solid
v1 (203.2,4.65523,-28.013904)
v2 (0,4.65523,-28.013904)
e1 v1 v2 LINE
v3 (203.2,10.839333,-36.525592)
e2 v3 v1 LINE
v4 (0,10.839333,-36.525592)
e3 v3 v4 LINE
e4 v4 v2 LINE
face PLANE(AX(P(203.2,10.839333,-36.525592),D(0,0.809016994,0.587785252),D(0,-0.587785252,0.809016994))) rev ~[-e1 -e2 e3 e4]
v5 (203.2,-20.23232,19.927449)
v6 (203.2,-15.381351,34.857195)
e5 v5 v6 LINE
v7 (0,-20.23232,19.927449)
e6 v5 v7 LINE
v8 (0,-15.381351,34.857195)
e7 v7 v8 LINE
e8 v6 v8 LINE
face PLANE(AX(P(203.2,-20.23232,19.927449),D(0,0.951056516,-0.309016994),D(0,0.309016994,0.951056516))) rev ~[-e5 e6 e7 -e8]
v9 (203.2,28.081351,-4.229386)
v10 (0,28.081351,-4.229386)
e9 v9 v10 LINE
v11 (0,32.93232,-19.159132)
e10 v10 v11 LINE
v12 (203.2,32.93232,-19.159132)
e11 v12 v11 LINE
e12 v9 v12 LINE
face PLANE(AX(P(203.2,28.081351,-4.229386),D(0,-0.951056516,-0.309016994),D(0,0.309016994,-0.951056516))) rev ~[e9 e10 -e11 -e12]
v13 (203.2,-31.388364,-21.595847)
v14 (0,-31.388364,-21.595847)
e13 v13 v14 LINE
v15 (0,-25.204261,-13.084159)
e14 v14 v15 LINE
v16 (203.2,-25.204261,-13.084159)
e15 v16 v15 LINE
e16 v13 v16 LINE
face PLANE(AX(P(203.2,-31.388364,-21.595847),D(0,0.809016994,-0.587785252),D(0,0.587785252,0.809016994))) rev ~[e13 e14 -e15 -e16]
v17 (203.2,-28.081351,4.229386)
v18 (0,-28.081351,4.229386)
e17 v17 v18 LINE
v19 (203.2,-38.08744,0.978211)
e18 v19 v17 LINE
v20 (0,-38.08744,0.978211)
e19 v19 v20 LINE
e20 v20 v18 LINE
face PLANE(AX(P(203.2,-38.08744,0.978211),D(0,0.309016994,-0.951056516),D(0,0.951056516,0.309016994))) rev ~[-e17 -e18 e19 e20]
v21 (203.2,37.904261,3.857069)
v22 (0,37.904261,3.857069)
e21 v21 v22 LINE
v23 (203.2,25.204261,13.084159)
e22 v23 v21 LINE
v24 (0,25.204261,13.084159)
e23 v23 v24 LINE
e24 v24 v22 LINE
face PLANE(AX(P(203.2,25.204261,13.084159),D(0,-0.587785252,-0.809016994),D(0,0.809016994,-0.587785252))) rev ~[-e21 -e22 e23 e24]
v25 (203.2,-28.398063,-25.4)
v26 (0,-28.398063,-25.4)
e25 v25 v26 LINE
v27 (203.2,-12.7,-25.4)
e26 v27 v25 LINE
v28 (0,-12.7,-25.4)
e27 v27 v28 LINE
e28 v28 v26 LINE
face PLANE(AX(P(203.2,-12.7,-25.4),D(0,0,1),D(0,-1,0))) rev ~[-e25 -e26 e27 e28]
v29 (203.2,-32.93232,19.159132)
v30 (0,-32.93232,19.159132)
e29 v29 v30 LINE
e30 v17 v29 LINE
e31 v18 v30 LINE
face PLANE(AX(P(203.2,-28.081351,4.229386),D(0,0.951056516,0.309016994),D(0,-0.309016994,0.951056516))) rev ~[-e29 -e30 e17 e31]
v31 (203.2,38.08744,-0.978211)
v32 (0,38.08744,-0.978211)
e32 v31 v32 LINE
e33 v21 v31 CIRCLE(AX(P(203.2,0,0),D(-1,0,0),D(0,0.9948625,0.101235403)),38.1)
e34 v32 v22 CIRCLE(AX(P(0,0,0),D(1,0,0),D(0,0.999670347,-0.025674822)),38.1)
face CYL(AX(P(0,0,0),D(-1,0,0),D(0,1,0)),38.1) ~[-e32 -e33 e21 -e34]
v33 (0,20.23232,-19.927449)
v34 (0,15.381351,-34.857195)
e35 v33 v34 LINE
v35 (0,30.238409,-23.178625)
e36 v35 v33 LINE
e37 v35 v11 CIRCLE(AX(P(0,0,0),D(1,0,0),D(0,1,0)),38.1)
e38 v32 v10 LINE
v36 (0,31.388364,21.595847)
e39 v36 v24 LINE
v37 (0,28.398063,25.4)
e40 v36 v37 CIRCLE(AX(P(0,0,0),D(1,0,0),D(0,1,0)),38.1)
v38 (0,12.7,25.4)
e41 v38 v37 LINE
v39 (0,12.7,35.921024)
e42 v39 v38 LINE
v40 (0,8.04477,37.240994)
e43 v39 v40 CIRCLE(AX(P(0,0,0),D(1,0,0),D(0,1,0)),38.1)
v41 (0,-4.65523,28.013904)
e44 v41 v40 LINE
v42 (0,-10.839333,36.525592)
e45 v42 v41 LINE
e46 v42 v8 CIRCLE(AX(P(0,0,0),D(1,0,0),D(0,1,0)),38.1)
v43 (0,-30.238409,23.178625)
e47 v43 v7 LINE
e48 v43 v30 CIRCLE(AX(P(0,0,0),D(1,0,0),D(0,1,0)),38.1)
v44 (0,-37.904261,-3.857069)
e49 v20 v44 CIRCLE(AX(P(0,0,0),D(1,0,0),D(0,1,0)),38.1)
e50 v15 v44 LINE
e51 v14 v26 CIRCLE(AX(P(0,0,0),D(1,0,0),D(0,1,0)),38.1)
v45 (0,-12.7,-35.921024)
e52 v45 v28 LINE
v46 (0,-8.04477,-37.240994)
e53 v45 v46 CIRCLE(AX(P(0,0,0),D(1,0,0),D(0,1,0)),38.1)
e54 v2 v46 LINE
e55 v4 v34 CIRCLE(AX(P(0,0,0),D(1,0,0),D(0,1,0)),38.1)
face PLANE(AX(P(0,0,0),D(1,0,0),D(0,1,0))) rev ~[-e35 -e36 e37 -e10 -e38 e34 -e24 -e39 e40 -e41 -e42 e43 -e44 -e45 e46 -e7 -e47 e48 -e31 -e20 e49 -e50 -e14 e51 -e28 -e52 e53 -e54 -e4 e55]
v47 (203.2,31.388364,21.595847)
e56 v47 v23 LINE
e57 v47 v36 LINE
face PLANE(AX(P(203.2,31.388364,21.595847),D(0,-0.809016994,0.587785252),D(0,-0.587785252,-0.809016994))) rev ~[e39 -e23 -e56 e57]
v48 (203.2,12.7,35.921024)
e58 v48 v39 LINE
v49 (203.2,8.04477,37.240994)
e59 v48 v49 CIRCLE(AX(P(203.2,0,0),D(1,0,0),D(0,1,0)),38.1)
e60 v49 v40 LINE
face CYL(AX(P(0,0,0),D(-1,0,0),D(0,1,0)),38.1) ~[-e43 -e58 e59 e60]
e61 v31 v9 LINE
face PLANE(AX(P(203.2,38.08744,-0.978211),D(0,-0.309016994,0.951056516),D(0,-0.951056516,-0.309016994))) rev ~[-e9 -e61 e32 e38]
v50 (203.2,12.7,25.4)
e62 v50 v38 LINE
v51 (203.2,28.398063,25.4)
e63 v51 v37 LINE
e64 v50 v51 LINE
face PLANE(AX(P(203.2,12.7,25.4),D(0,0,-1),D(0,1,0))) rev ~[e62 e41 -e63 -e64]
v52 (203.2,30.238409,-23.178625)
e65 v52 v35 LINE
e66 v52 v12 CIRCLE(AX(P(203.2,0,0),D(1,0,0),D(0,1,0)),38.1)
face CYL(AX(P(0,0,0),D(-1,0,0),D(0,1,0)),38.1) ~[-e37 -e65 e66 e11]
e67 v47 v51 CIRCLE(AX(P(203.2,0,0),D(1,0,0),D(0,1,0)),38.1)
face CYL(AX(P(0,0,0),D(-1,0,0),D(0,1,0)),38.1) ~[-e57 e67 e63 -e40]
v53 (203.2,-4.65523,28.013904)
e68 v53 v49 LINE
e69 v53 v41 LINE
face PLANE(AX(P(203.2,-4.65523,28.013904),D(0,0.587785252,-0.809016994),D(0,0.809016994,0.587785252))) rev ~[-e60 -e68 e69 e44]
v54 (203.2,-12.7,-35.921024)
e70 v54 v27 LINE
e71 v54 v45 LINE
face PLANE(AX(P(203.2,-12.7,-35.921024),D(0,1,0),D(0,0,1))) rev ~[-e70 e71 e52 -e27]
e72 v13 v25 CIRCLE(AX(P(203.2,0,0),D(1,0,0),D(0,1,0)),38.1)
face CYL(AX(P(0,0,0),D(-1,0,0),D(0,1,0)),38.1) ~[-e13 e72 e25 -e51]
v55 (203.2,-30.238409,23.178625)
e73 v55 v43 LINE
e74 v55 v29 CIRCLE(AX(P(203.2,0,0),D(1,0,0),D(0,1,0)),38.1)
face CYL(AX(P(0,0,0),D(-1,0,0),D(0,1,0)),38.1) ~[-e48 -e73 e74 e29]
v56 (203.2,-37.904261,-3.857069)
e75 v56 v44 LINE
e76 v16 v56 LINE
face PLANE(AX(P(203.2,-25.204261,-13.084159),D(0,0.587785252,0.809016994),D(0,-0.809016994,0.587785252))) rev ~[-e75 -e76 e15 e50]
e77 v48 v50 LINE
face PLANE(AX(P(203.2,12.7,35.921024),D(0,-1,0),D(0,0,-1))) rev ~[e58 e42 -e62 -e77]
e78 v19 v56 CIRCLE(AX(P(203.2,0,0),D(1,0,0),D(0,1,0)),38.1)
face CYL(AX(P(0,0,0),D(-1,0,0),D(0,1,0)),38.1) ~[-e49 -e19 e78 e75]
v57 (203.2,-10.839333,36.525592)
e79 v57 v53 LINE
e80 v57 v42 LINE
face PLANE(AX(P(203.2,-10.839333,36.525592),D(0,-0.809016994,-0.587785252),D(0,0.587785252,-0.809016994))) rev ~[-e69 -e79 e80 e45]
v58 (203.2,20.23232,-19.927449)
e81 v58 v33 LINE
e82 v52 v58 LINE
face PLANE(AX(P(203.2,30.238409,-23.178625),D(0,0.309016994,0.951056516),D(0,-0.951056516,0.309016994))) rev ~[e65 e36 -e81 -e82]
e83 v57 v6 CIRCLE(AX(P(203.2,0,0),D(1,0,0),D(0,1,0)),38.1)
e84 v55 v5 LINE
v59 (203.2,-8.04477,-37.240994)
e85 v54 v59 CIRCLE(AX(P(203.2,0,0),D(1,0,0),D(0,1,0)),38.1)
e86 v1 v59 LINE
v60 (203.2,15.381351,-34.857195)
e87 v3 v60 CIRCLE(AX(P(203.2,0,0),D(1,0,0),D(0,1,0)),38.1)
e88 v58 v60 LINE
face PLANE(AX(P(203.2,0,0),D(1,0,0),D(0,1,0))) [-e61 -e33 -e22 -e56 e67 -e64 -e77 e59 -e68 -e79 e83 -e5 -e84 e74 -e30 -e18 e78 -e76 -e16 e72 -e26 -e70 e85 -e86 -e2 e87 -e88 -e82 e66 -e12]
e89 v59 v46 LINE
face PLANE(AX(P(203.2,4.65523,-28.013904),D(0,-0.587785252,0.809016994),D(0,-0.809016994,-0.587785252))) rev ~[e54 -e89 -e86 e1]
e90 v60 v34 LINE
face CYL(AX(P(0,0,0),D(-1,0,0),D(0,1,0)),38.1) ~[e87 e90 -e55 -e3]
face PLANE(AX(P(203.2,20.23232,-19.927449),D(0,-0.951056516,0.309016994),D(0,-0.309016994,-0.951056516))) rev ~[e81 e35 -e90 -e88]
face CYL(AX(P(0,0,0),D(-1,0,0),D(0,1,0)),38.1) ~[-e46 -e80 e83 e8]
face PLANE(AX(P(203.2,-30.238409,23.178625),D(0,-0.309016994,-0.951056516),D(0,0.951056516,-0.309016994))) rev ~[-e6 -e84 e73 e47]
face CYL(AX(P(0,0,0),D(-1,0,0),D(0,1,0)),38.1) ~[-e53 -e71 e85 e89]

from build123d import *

# Parameters (mm, degrees)
F0_R     = 38.1
F1_DEPTH = 203.2
F3_DEPTH = 228.6


with BuildPart() as f1:
    # F0 (on Right) → F1 (new body)
    with BuildSketch(Plane.YZ):
        Circle(F0_R)
    extrude(amount=F1_DEPTH)

    # F2 (on face) → F3 (cut)
    with BuildSketch(Plane.YZ.offset(203.2)):
        with BuildLine():
            Line((12.7, 35.9210244843), (12.7, 25.4))
            Line((12.7, 25.4), (28.3980633142, 25.4))
            ThreePointArc((28.3980633142, 25.4), (21.211687606, 31.6492386781), (12.7, 35.9210244843))
        make_face()
        with BuildLine():
            ThreePointArc((37.9042612368, 3.8570688473), (35.7635714939, 13.1368547986), (31.3883642677, 21.595846559))
            Line((31.3883642677, 21.595846559), (25.2042612368, 13.084158953))
            Line((25.2042612368, 13.084158953), (37.9042612368, 3.8570688473))
        make_face()
        with BuildLine():
            ThreePointArc((32.9323196853, -19.1591315081), (36.6549866302, -10.3933611087), (38.0874402363, -0.9782107359))
            Line((38.0874402363, -0.9782107359), (28.0813513425, -4.2293860998))
            Line((28.0813513425, -4.2293860998), (32.9323196853, -19.1591315081))
        make_face()
        with BuildLine():
            ThreePointArc((15.3813513425, -34.8571948223), (23.545442731, -29.9536663299), (30.2384085792, -23.1786247779))
            Line((30.2384085792, -23.1786247779), (20.2323196853, -19.9274494141))
            Line((20.2323196853, -19.9274494141), (15.3813513425, -34.8571948223))
        make_face()
        with BuildLine():
            Line((-4.6552295797, 28.0139043612), (8.0447704203, 37.2409944669))
            ThreePointArc((8.0447704203, 37.2409944669), (-1.4423399886, 38.0726891007), (-10.8393326105, 36.5255919673))
            Line((-10.8393326105, 36.5255919673), (-4.6552295797, 28.0139043612))
        make_face()
        with BuildLine():
            Line((-25.2042612368, -13.084158953), (-37.9042612368, -3.8570688473))
            ThreePointArc((-37.9042612368, -3.8570688473), (-35.7635714939, -13.1368547986), (-31.3883642677, -21.595846559))
            Line((-31.3883642677, -21.595846559), (-25.2042612368, -13.084158953))
        make_face()
        with BuildLine():
            Line((-12.7, -25.4), (-28.3980633142, -25.4))
            ThreePointArc((-28.3980633142, -25.4), (-21.211687606, -31.6492386781), (-12.7, -35.9210244843))
            Line((-12.7, -35.9210244843), (-12.7, -25.4))
        make_face()
        with BuildLine():
            ThreePointArc((-8.0447704203, -37.2409944669), (1.4423399886, -38.0726891007), (10.8393326105, -36.5255919673))
            Line((10.8393326105, -36.5255919673), (4.6552295797, -28.0139043612))
            Line((4.6552295797, -28.0139043612), (-8.0447704203, -37.2409944669))
        make_face()
        with BuildLine():
            Line((-28.0813513425, 4.2293860998), (-32.9323196853, 19.1591315081))
            ThreePointArc((-32.9323196853, 19.1591315081), (-36.6549866302, 10.3933611087), (-38.0874402363, 0.9782107359))
            Line((-38.0874402363, 0.9782107359), (-28.0813513425, 4.2293860998))
        make_face()
        with BuildLine():
            Line((-20.2323196853, 19.9274494141), (-15.3813513425, 34.8571948223))
            ThreePointArc((-15.3813513425, 34.8571948223), (-23.545442731, 29.9536663299), (-30.2384085792, 23.1786247779))
            Line((-30.2384085792, 23.1786247779), (-20.2323196853, 19.9274494141))
        make_face()
    extrude(amount=-F3_DEPTH, mode=Mode.SUBTRACT)


solid = f1.part
